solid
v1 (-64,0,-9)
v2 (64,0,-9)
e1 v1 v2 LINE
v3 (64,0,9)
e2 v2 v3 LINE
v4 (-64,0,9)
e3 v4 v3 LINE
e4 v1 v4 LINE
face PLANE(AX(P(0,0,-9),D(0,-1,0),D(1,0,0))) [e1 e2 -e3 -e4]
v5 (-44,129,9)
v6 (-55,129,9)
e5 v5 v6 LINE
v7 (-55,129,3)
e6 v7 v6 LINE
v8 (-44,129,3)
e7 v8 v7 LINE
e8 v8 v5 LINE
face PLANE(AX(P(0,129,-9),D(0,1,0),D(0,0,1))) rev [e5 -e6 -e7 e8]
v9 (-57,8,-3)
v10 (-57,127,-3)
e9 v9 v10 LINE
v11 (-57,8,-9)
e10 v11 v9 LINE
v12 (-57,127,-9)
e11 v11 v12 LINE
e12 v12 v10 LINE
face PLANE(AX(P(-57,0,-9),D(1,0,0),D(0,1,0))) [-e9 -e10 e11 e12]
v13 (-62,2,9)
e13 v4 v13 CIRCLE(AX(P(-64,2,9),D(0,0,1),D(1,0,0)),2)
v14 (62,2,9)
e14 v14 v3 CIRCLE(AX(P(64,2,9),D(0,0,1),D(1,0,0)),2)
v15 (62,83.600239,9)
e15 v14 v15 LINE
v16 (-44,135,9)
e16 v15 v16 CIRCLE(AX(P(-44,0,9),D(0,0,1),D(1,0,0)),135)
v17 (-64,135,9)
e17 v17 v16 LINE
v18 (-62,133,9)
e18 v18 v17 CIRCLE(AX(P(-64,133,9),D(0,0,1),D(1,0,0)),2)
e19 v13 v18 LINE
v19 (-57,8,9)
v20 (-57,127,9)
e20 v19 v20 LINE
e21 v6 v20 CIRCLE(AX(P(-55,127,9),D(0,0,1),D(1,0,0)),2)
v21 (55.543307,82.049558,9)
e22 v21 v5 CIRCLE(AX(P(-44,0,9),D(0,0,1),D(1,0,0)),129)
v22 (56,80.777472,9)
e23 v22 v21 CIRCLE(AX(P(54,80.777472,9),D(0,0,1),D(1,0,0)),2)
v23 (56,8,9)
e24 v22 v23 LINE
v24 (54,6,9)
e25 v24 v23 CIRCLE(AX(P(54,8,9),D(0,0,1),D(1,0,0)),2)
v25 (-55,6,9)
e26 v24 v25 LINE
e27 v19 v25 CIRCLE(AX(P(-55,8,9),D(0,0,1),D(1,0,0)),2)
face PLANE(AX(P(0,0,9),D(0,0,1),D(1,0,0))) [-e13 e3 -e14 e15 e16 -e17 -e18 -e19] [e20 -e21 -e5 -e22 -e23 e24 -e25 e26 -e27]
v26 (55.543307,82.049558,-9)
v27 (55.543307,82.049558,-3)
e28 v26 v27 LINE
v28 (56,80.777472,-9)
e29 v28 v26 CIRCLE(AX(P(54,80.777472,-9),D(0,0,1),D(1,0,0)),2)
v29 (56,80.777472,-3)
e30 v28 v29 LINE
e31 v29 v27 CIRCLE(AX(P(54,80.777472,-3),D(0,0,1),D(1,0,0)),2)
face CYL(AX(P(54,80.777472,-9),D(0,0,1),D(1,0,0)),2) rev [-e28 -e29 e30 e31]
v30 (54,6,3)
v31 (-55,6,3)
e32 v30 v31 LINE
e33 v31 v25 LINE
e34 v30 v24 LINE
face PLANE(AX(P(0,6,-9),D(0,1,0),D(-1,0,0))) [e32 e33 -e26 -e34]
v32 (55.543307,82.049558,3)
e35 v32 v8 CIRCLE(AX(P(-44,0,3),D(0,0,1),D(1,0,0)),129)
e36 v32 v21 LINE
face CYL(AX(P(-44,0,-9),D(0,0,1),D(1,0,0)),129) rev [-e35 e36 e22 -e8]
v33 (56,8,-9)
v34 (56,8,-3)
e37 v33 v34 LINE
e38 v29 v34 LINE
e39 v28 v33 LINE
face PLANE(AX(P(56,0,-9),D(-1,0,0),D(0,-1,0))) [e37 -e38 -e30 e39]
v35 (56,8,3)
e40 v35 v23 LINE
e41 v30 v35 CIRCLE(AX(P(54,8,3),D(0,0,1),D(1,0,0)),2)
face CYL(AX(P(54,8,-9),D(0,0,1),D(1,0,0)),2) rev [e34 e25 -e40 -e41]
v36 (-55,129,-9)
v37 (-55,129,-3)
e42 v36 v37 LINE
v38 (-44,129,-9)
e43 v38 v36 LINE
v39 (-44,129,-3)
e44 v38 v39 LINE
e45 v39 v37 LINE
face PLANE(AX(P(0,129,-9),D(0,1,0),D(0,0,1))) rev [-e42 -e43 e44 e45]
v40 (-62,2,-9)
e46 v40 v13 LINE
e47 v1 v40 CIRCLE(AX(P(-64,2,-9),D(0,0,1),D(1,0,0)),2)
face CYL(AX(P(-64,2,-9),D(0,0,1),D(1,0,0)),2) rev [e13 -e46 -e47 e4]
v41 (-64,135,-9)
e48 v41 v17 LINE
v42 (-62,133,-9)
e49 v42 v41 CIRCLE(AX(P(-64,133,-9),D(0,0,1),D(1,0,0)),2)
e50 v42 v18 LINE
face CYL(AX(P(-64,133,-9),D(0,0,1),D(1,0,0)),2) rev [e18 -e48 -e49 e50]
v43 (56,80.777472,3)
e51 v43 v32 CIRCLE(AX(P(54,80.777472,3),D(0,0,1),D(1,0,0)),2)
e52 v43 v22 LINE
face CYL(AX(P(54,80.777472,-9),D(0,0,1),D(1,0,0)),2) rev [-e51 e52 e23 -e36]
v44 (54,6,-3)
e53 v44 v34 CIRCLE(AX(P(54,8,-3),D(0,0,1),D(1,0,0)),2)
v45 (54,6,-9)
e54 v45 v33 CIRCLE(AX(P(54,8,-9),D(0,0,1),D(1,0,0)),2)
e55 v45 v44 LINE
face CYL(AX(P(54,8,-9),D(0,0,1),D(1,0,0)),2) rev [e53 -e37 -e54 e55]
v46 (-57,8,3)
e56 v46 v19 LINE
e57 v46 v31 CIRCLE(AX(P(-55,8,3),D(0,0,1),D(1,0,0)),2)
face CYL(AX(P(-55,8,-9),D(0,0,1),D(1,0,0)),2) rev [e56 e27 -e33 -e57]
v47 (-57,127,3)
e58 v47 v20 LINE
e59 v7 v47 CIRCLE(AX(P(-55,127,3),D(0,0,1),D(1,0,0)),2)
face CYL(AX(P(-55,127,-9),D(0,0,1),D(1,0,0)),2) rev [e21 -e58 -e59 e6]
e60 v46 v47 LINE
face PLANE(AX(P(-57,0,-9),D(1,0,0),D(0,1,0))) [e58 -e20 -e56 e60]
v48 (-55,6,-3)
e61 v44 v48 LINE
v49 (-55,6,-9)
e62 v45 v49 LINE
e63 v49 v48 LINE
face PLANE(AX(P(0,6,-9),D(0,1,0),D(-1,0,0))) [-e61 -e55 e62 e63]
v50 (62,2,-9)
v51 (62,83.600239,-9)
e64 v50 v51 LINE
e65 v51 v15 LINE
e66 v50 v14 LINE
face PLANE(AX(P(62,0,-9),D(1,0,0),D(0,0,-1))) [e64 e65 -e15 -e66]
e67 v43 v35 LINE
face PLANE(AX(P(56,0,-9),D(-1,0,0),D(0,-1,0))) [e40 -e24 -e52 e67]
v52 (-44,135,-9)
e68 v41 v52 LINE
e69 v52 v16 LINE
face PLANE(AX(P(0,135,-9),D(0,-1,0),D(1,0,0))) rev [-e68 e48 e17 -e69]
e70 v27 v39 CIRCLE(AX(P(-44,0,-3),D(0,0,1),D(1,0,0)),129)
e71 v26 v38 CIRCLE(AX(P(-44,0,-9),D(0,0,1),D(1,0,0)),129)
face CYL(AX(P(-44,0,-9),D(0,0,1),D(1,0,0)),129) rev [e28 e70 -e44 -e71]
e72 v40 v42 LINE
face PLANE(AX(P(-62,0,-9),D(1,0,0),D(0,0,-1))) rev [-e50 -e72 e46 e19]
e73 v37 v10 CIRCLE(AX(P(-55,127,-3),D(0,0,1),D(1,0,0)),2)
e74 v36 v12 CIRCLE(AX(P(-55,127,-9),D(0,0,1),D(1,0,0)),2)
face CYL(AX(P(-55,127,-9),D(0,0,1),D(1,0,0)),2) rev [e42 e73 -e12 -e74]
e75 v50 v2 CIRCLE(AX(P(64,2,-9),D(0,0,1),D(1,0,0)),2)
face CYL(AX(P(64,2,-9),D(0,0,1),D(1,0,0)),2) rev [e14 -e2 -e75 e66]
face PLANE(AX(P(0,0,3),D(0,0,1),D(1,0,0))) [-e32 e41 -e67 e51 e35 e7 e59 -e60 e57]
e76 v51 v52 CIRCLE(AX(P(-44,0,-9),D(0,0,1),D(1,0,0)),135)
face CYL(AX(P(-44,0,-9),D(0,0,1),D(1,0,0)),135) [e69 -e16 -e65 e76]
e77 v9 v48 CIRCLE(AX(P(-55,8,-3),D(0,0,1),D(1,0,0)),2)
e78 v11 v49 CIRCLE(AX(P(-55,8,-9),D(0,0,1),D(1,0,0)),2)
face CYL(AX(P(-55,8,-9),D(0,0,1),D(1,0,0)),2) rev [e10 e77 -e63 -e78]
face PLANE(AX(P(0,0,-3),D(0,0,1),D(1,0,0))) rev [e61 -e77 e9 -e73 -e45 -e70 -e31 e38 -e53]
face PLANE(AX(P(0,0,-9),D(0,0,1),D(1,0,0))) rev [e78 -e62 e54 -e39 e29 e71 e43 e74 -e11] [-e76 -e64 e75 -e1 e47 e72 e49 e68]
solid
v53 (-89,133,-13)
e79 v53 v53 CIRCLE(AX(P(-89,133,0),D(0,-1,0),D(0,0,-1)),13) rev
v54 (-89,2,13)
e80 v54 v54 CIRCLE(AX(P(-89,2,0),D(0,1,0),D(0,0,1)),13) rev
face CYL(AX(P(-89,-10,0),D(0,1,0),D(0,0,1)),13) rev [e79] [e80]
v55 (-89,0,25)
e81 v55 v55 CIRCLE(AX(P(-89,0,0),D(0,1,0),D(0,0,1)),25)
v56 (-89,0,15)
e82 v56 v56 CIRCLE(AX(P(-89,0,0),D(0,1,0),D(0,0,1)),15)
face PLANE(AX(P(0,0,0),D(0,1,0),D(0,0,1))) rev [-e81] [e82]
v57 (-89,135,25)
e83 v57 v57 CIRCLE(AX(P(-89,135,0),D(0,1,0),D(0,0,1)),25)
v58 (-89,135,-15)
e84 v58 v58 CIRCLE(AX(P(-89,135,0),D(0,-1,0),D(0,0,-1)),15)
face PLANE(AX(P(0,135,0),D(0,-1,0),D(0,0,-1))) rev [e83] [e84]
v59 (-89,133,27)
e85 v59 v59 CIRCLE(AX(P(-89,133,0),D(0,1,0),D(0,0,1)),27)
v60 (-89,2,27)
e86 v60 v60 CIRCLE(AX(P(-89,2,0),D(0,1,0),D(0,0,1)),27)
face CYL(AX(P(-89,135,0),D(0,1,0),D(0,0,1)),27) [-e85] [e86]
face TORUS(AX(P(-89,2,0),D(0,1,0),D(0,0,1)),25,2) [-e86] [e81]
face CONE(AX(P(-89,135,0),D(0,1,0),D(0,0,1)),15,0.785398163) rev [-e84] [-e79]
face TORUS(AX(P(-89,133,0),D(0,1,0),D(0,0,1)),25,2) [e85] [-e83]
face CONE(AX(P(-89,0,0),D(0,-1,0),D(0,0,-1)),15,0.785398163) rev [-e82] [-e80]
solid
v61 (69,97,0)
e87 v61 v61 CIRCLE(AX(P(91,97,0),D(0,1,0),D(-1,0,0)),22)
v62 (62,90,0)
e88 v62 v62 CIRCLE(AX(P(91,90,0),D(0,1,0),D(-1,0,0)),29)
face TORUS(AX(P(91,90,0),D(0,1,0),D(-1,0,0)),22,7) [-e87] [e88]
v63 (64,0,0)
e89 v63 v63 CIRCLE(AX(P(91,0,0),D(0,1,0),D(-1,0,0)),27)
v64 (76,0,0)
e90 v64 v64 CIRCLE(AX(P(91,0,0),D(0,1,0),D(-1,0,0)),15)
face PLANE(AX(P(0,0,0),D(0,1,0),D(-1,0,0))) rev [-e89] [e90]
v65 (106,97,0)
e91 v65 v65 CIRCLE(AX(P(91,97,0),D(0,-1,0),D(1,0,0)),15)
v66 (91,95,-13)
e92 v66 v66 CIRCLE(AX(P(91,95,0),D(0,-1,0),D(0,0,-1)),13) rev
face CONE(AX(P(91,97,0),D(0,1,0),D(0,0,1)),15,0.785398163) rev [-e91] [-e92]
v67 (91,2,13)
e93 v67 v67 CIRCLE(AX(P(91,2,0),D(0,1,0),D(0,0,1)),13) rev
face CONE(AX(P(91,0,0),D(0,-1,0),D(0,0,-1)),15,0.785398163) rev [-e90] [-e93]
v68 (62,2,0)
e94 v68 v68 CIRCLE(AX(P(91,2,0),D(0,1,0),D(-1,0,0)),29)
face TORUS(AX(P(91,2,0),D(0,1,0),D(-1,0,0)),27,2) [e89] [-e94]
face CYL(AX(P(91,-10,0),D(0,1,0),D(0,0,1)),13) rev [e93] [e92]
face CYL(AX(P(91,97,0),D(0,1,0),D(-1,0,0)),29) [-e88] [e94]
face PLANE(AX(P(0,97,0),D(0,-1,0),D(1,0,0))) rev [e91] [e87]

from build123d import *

# Parameters (mm, degrees)
EXTRUDE_1_DEPTH      = 9
EXTRUDE_1_DEPTH_BACK = 9
EXTRUDE_2_DEPTH      = 3
EXTRUDE_2_DEPTH_BACK = 3
SKETCH_2_R           = 13
CUT_EXTRUDE_1_DEPTH  = 135
CHAMFER_1_SIZE       = 2
CHAMFER_2_SIZE       = 2


with BuildPart() as part:
    # Эскиз1 → Повернуть1 (revolve)
    with BuildSketch(Plane.XY, mode=Mode.PRIVATE) as revolve_1_sk:
        with BuildLine():
            Line((-62, 2), (-62, 133))
            ThreePointArc((-62, 133), (-62.585786438, 134.414213562), (-64, 135))
            Line((-64, 135), (-89, 135))
            Line((-89, 135), (-89, 0))
            Line((-89, 0), (-64, 0))
            ThreePointArc((-64, 0), (-62.585786438, 0.585786438), (-62, 2))
        make_face()
    revolve(revolve_1_sk.sketch.rotate(Axis((-89, 135, 0), (0, -1, 0)), 90), axis=Axis((-89, 135, 0), (0, -1, 0)))


with BuildPart() as body_2:
    # Эскиз1<4> → Повернуть2 (revolve)
    with BuildSketch(Plane.XY):
        with BuildLine():
            Line((62, 2), (62, 90))
            ThreePointArc((62, 90), (64.050252532, 94.949747468), (69, 97))
            Line((69, 97), (91, 97))
            Line((91, 97), (91, 0))
            Line((91, 0), (64, 0))
            ThreePointArc((64, 0), (62.585786438, 0.585786438), (62, 2))
        make_face()
    revolve(axis=Axis((91, 97, 0), (0, -1, 0)))


with BuildPart() as body_3:
    # Эскиз1<5> → Бобышка-Вытянуть1 (new, two sides: drawn at the far end of the back side and taken through both)
    with BuildSketch(Plane.XY.offset(-EXTRUDE_1_DEPTH_BACK)):
        with BuildLine():
            ThreePointArc((-62, 2), (-62.585786438, 0.585786438), (-64, 0))
            Line((-64, 0), (-44, 0))
            Line((-44, 0), (64, 0))
            ThreePointArc((64, 0), (62.585786438, 0.585786438), (62, 2))
            Line((62, 2), (62, 83.600239234))
            ThreePointArc((62, 83.600239234), (14.902324671, 121.472285515), (-44, 135))
            Line((-44, 135), (-64, 135))
            ThreePointArc((-64, 135), (-62.585786438, 134.414213562), (-62, 133))
            Line((-62, 133), (-62, 2))
        make_face()
        with BuildLine():
            Line((54, 6), (-44, 6))
            Line((-44, 6), (-55, 6))
            ThreePointArc((-55, 6), (-56.414213562, 6.585786438), (-57, 8))
            Line((-57, 8), (-57, 127))
            ThreePointArc((-57, 127), (-56.414213562, 128.414213562), (-55, 129))
            Line((-55, 129), (-44, 129))
            ThreePointArc((-44, 129), (11.03002354, 116.673461032), (55.543307087, 82.049558282))
            ThreePointArc((55.543307087, 82.049558282), (55.882367415, 81.453262691), (56, 80.777472107))
            Line((56, 80.777472107), (56, 8))
            ThreePointArc((56, 8), (55.414213562, 6.585786438), (54, 6))
        make_face(mode=Mode.SUBTRACT)
    extrude(amount=EXTRUDE_1_DEPTH + EXTRUDE_1_DEPTH_BACK)

    # Эскиз1<6> → Бобышка-Вытянуть2 (add, two sides: drawn at the far end of the back side and taken through both)
    with BuildSketch(Plane.XY.offset(-EXTRUDE_2_DEPTH_BACK)):
        with BuildLine():
            Line((-44, 129), (-44, 6))
            Line((-44, 6), (54, 6))
            ThreePointArc((54, 6), (55.414213562, 6.585786438), (56, 8))
            Line((56, 8), (56, 80.777472107))
            ThreePointArc((56, 80.777472107), (55.882367415, 81.453262691), (55.543307087, 82.049558282))
            ThreePointArc((55.543307087, 82.049558282), (11.03002354, 116.673461032), (-44, 129))
        make_face()
        with BuildLine():
            Line((-55, 6), (-44, 6))
            Line((-44, 6), (-44, 129))
            Line((-44, 129), (-55, 129))
            ThreePointArc((-55, 129), (-56.414213562, 128.414213562), (-57, 127))
            Line((-57, 127), (-57, 8))
            ThreePointArc((-57, 8), (-56.414213562, 6.585786438), (-55, 6))
        make_face()
    extrude(amount=EXTRUDE_2_DEPTH + EXTRUDE_2_DEPTH_BACK)


with BuildPart() as cut_extrude_1_tool:
    # Эскиз2 → Вырез-Вытянуть1 (new body)
    with BuildSketch(Plane(origin=(0, 0, 0), x_dir=(1, 0, 0), z_dir=(0, 1, 0))):
        with Locations(Location((-89, 0, 0), (0, 0, 270))):
            Circle(SKETCH_2_R)
        with Locations((91, 0)):
            Circle(SKETCH_2_R)
    extrude(amount=CUT_EXTRUDE_1_DEPTH)


with BuildPart() as part_1:
    add(part.part)

    # Вырез-Вытянуть1: cut by cut_extrude_1_tool
    add(cut_extrude_1_tool.part, mode=Mode.SUBTRACT)

    # Фаска2
    chamfer_2_edges = [part_1.edges().sort_by_distance(p)[0] for p in [
        (-89, 135, -13),
        (-89, 0, -13),
    ]]
    chamfer(chamfer_2_edges, length=CHAMFER_2_SIZE)


with BuildPart() as body_2_1:
    add(body_2.part)

    # Вырез-Вытянуть1: cut by cut_extrude_1_tool
    add(cut_extrude_1_tool.part, mode=Mode.SUBTRACT)

    # Фаска1
    chamfer_1_edges = [body_2_1.edges().sort_by_distance(p)[0] for p in [
        (78, 97, 0),
        (78, 0, 0),
    ]]
    chamfer(chamfer_1_edges, length=CHAMFER_1_SIZE)


solid = Compound([body_3.part, part_1.part, body_2_1.part])
